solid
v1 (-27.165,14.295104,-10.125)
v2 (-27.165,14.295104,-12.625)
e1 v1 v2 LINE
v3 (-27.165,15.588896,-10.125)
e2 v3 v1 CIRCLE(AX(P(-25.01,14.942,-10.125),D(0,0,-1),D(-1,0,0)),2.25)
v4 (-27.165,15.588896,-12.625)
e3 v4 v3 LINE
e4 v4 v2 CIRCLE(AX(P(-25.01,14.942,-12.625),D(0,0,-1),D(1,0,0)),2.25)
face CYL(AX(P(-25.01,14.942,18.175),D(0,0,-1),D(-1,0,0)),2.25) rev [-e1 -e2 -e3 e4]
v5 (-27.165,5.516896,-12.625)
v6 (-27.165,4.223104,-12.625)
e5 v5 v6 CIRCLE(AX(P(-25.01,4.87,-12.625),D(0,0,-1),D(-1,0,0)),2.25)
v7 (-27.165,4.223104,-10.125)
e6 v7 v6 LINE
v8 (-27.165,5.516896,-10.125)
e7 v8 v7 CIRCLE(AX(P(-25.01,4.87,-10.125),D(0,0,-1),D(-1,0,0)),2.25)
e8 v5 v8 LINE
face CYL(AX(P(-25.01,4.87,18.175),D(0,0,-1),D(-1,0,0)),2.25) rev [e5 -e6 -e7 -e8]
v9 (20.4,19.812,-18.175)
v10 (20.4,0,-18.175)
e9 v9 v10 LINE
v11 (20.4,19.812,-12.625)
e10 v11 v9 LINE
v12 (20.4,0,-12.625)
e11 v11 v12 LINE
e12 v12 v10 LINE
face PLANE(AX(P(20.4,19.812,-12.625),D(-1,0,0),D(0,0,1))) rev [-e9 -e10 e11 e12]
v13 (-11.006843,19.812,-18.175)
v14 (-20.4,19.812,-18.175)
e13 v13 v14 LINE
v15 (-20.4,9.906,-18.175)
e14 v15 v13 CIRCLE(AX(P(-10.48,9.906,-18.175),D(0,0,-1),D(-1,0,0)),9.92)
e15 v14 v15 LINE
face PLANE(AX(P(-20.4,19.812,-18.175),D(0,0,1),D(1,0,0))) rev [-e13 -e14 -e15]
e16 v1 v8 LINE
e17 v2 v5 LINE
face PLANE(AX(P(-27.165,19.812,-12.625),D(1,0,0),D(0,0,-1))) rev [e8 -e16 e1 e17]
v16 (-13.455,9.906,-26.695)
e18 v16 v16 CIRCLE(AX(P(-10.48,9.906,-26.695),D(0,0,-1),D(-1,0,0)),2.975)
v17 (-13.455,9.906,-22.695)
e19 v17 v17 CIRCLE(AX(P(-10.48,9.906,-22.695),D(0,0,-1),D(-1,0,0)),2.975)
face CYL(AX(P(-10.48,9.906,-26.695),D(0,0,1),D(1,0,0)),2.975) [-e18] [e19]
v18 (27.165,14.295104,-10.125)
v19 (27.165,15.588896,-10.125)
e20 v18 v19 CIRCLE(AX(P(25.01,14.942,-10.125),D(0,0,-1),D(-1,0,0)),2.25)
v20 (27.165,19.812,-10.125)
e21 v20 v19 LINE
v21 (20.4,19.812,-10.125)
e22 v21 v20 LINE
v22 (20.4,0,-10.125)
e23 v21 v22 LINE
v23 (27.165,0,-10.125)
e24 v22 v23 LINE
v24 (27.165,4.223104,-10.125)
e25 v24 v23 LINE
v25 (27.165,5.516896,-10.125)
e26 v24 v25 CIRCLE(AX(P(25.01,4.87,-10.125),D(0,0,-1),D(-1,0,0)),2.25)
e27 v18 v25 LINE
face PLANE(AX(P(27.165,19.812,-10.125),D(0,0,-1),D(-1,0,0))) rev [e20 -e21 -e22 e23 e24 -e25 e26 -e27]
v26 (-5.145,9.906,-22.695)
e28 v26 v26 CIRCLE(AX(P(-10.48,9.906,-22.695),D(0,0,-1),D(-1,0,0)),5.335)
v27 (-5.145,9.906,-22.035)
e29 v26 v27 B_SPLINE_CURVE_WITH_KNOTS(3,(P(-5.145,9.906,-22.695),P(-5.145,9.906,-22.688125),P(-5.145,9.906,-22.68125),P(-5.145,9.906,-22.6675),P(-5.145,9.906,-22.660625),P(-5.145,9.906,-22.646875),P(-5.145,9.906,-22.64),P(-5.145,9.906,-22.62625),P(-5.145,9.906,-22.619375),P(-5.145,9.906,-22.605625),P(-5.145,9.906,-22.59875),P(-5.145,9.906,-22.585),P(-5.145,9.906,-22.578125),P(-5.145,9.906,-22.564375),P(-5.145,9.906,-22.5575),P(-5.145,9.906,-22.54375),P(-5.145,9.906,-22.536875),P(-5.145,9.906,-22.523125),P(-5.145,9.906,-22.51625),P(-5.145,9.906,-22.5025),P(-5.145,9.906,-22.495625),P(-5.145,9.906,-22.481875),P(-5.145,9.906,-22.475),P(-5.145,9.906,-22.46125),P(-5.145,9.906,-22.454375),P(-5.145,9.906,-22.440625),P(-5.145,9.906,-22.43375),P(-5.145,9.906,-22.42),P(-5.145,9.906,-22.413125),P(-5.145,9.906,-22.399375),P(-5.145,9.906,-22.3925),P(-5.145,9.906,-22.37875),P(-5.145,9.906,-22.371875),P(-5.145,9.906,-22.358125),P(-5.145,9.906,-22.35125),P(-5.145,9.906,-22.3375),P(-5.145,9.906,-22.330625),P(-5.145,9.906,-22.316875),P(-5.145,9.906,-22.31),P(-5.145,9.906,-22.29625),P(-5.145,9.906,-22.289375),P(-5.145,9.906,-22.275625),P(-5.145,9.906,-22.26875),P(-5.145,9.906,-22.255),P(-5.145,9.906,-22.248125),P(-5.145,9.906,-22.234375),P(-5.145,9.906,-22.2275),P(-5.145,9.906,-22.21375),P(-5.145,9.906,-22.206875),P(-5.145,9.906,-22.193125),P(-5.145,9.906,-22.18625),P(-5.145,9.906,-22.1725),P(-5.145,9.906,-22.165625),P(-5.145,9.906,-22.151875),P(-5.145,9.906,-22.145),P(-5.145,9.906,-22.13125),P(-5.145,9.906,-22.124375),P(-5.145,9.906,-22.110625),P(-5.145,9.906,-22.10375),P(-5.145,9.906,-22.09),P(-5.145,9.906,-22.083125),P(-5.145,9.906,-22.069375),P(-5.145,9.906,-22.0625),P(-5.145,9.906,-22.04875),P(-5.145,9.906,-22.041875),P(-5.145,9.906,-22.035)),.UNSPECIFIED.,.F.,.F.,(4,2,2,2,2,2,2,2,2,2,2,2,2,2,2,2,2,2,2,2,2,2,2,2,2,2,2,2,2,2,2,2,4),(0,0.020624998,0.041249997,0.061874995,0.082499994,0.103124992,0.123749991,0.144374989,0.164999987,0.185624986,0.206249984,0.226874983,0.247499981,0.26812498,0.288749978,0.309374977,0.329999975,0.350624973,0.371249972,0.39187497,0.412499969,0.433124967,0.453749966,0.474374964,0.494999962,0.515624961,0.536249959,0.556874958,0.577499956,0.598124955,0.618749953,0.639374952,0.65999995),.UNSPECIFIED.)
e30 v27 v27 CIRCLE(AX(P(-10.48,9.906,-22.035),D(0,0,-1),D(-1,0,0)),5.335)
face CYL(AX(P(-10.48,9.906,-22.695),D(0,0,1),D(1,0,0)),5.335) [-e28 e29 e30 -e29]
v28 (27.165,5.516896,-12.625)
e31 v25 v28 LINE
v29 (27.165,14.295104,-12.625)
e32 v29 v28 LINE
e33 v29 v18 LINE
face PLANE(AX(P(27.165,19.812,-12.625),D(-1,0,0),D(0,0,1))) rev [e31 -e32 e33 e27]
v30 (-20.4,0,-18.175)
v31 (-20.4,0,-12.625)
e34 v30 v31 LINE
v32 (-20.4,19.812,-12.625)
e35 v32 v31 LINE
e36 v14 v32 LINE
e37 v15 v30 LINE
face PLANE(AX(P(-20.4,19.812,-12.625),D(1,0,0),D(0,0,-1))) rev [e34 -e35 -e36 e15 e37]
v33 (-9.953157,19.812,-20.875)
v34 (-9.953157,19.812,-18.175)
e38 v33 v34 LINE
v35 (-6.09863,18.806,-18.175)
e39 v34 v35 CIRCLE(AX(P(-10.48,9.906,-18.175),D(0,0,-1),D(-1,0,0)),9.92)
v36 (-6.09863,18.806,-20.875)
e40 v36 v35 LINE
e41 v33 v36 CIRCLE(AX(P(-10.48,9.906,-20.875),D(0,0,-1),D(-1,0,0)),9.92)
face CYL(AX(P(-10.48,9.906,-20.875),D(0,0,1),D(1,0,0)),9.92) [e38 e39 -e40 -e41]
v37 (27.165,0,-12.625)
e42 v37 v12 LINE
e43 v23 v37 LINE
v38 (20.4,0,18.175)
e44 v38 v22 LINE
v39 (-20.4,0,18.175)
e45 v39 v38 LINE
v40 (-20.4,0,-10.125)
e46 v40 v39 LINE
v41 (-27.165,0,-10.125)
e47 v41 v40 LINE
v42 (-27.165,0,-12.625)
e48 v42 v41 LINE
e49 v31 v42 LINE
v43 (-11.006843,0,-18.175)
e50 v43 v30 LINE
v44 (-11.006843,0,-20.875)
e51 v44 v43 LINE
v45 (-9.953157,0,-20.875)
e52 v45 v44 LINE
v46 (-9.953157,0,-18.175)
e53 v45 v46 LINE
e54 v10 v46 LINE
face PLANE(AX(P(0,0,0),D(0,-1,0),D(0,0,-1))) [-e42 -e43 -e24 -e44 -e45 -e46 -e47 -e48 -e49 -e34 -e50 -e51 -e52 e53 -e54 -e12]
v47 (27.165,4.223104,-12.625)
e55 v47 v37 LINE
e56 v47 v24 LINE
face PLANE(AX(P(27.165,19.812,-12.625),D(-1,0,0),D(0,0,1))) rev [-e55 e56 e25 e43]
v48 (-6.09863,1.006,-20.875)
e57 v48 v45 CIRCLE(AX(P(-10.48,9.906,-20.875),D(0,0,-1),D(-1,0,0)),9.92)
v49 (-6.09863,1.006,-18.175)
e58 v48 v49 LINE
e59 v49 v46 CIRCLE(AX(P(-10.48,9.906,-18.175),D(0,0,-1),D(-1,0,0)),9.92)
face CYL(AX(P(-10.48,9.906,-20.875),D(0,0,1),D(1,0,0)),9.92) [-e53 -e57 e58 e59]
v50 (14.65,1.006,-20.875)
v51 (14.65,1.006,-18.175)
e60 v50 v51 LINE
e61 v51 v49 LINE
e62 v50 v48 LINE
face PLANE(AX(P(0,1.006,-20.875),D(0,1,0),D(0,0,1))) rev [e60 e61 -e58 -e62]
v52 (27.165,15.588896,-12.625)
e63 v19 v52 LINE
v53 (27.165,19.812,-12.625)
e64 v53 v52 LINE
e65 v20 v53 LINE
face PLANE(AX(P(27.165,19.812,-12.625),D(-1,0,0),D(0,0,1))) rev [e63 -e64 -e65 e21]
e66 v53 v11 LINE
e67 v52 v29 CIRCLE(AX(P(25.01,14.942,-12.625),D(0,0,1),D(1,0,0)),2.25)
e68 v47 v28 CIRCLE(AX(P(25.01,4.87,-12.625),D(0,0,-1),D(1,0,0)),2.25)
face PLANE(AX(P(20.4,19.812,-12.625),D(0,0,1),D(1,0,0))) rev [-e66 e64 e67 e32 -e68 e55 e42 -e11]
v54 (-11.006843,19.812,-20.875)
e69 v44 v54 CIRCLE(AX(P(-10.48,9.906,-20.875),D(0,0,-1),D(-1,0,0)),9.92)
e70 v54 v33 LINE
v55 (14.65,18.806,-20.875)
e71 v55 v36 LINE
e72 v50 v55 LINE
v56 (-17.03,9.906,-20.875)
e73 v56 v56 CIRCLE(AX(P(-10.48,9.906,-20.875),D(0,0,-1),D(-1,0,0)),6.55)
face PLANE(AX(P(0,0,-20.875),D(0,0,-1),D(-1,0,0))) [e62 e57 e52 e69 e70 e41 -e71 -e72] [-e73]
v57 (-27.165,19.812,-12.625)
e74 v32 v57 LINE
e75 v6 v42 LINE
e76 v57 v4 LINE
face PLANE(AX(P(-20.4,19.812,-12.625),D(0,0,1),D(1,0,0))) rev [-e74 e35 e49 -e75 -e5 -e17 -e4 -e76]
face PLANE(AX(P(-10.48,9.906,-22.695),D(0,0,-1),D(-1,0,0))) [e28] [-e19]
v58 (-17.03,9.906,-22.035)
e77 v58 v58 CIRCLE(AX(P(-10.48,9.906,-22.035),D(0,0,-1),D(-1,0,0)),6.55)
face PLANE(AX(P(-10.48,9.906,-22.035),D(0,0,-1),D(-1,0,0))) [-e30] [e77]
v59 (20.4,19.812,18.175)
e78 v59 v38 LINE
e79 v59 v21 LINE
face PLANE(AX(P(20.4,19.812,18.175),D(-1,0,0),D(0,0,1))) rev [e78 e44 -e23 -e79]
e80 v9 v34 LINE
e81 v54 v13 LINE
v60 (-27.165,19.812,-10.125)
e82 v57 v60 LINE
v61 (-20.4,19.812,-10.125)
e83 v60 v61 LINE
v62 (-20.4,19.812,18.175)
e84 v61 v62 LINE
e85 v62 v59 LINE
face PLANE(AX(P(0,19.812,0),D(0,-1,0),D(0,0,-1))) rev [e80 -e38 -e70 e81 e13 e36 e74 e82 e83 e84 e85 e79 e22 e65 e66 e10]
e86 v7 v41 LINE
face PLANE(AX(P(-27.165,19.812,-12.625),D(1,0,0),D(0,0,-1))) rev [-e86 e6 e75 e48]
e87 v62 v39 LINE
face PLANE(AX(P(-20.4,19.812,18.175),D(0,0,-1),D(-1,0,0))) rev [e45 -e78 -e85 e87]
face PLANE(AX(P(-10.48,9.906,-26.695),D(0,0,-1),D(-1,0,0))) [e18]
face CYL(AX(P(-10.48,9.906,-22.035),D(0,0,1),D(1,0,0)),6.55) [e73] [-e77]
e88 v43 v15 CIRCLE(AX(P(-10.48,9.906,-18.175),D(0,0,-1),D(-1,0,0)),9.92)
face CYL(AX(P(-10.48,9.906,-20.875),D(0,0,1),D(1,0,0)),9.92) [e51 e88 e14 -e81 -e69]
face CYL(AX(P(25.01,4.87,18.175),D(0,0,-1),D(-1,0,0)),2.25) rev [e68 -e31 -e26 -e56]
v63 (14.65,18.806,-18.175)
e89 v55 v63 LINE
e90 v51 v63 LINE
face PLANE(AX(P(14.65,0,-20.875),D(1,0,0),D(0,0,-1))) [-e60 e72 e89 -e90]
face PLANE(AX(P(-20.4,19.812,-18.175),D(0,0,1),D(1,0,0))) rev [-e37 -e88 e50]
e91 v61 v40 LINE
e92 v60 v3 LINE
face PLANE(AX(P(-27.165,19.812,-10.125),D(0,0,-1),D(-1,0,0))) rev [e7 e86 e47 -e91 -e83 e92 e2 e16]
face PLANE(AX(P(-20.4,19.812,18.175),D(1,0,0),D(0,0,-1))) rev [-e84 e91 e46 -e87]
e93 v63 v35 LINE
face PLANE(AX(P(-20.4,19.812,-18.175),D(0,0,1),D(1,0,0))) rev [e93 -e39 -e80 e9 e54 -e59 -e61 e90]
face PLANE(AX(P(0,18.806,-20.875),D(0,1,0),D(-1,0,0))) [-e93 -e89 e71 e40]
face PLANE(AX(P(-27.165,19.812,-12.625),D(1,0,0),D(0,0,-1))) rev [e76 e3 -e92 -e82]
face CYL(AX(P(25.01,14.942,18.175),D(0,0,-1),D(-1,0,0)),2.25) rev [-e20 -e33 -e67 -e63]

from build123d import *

# Parameters (mm, degrees)
BOSS_EXTRUDE1_DEPTH  = 19.812
SKETCH2_R            = 2.249999945
CUT_EXTRUDE1_DEPTH   = 46.597067399
BOSS_EXTRUDE2_DEPTH  = 2.699999934
SKETCH12_R           = 6.549999981
BOSS_EXTRUDE8_DEPTH  = 1.159999966
SKETCH13_R           = 5.334999998
BOSS_EXTRUDE9_DEPTH  = 0.65999995
SKETCH14_R           = 2.975000019
BOSS_EXTRUDE11_DEPTH = 4.000000128


with BuildPart() as part:
    # Sketch1 → Boss-Extrude1 (new body)
    with BuildSketch(Plane(origin=(0, 0, 0), x_dir=(1, 0, 0), z_dir=(0, 1, 0))):
        Polygon((-20.399999967, -18.174999972), (20.399999967, -18.174999972), (20.399999967, 10.124999816), (27.164999899, 10.124999816), (27.164999899, 12.624999896), (20.399999967, 12.624999896), (20.399999967, 18.174999972), (-20.399999967, 18.174999972), (-20.399999967, 12.624999896), (-27.164999899, 12.624999896), (-27.164999899, 10.124999816), (-20.399999967, 10.124999816), align=None)
    extrude(amount=BOSS_EXTRUDE1_DEPTH)

    # Sketch2 → Cut-Extrude1 (cut, through all)
    with BuildSketch(Plane(origin=(0, 0, -12.624999896), x_dir=(-1, 0, 0), z_dir=(0, 0, -1))):
        with Locations((25.009999891, 4.869999912)):
            Circle(SKETCH2_R)
        with Locations((25.009999891, 14.942000088)):
            Circle(SKETCH2_R)
        with Locations((-25.009999891, 4.869999912)):
            Circle(SKETCH2_R)
        with Locations((-25.009999891, 14.942000088)):
            Circle(SKETCH2_R)
    extrude(amount=-CUT_EXTRUDE1_DEPTH, mode=Mode.SUBTRACT)

    # Sketch3 → Boss-Extrude2 (add)
    with BuildSketch(Plane(origin=(0, 0, -18.174999972), x_dir=(-1, 0, 0), z_dir=(0, 0, -1))):
        with BuildLine():
            Line((-14.650000037, 18.80599998), (-14.650000037, 1.00600002))
            Line((-14.650000037, 1.00600002), (6.098630297, 1.00600002))
            ThreePointArc((6.098630297, 1.00600002), (0.559999979, 9.906), (6.098630297, 18.80599998))
            Line((6.098630297, 18.80599998), (-14.650000037, 18.80599998))
        make_face()
        with BuildLine():
            ThreePointArc((6.098630297, 18.80599998), (0.559999979, 9.906), (6.098630297, 1.00600002))
            ThreePointArc((6.098630297, 1.00600002), (7.974875683, 0.307523445), (9.953156655, 0))
            Line((9.953156655, 0), (11.006843291, 0))
            ThreePointArc((11.006843291, 0), (17.678356924, 3.08030904), (20.399999967, 9.906))
            ThreePointArc((20.399999967, 9.906), (17.678356924, 16.73169096), (11.006843291, 19.812))
            Line((11.006843291, 19.812), (9.953156655, 19.812))
            ThreePointArc((9.953156655, 19.812), (7.974875683, 19.504476555), (6.098630297, 18.80599998))
        make_face()
    extrude(amount=BOSS_EXTRUDE2_DEPTH)

    # Sketch12 → Boss-Extrude8 (add)
    with BuildSketch(Plane(origin=(0, 0, -20.874999906), x_dir=(-1, 0, 0), z_dir=(0, 0, -1))):
        with Locations((10.479999973, 9.906)):
            Circle(SKETCH12_R)
    extrude(amount=BOSS_EXTRUDE8_DEPTH)

    # Sketch13 → Boss-Extrude9 (add)
    with BuildSketch(Plane(origin=(0, 0, -22.034999872), x_dir=(-1, 0, 0), z_dir=(0, 0, -1))):
        with Locations(Location((10.479999973, 9.906, 0), (0, 0, 180))):
            Circle(SKETCH13_R)
    extrude(amount=BOSS_EXTRUDE9_DEPTH)

    # Sketch14 → Boss-Extrude11 (add)
    with BuildSketch(Plane(origin=(0, 0, -22.694999822), x_dir=(-1, 0, 0), z_dir=(0, 0, -1))):
        with Locations((10.479999973, 9.906)):
            Circle(SKETCH14_R)
    extrude(amount=BOSS_EXTRUDE11_DEPTH)


solid = part.part
